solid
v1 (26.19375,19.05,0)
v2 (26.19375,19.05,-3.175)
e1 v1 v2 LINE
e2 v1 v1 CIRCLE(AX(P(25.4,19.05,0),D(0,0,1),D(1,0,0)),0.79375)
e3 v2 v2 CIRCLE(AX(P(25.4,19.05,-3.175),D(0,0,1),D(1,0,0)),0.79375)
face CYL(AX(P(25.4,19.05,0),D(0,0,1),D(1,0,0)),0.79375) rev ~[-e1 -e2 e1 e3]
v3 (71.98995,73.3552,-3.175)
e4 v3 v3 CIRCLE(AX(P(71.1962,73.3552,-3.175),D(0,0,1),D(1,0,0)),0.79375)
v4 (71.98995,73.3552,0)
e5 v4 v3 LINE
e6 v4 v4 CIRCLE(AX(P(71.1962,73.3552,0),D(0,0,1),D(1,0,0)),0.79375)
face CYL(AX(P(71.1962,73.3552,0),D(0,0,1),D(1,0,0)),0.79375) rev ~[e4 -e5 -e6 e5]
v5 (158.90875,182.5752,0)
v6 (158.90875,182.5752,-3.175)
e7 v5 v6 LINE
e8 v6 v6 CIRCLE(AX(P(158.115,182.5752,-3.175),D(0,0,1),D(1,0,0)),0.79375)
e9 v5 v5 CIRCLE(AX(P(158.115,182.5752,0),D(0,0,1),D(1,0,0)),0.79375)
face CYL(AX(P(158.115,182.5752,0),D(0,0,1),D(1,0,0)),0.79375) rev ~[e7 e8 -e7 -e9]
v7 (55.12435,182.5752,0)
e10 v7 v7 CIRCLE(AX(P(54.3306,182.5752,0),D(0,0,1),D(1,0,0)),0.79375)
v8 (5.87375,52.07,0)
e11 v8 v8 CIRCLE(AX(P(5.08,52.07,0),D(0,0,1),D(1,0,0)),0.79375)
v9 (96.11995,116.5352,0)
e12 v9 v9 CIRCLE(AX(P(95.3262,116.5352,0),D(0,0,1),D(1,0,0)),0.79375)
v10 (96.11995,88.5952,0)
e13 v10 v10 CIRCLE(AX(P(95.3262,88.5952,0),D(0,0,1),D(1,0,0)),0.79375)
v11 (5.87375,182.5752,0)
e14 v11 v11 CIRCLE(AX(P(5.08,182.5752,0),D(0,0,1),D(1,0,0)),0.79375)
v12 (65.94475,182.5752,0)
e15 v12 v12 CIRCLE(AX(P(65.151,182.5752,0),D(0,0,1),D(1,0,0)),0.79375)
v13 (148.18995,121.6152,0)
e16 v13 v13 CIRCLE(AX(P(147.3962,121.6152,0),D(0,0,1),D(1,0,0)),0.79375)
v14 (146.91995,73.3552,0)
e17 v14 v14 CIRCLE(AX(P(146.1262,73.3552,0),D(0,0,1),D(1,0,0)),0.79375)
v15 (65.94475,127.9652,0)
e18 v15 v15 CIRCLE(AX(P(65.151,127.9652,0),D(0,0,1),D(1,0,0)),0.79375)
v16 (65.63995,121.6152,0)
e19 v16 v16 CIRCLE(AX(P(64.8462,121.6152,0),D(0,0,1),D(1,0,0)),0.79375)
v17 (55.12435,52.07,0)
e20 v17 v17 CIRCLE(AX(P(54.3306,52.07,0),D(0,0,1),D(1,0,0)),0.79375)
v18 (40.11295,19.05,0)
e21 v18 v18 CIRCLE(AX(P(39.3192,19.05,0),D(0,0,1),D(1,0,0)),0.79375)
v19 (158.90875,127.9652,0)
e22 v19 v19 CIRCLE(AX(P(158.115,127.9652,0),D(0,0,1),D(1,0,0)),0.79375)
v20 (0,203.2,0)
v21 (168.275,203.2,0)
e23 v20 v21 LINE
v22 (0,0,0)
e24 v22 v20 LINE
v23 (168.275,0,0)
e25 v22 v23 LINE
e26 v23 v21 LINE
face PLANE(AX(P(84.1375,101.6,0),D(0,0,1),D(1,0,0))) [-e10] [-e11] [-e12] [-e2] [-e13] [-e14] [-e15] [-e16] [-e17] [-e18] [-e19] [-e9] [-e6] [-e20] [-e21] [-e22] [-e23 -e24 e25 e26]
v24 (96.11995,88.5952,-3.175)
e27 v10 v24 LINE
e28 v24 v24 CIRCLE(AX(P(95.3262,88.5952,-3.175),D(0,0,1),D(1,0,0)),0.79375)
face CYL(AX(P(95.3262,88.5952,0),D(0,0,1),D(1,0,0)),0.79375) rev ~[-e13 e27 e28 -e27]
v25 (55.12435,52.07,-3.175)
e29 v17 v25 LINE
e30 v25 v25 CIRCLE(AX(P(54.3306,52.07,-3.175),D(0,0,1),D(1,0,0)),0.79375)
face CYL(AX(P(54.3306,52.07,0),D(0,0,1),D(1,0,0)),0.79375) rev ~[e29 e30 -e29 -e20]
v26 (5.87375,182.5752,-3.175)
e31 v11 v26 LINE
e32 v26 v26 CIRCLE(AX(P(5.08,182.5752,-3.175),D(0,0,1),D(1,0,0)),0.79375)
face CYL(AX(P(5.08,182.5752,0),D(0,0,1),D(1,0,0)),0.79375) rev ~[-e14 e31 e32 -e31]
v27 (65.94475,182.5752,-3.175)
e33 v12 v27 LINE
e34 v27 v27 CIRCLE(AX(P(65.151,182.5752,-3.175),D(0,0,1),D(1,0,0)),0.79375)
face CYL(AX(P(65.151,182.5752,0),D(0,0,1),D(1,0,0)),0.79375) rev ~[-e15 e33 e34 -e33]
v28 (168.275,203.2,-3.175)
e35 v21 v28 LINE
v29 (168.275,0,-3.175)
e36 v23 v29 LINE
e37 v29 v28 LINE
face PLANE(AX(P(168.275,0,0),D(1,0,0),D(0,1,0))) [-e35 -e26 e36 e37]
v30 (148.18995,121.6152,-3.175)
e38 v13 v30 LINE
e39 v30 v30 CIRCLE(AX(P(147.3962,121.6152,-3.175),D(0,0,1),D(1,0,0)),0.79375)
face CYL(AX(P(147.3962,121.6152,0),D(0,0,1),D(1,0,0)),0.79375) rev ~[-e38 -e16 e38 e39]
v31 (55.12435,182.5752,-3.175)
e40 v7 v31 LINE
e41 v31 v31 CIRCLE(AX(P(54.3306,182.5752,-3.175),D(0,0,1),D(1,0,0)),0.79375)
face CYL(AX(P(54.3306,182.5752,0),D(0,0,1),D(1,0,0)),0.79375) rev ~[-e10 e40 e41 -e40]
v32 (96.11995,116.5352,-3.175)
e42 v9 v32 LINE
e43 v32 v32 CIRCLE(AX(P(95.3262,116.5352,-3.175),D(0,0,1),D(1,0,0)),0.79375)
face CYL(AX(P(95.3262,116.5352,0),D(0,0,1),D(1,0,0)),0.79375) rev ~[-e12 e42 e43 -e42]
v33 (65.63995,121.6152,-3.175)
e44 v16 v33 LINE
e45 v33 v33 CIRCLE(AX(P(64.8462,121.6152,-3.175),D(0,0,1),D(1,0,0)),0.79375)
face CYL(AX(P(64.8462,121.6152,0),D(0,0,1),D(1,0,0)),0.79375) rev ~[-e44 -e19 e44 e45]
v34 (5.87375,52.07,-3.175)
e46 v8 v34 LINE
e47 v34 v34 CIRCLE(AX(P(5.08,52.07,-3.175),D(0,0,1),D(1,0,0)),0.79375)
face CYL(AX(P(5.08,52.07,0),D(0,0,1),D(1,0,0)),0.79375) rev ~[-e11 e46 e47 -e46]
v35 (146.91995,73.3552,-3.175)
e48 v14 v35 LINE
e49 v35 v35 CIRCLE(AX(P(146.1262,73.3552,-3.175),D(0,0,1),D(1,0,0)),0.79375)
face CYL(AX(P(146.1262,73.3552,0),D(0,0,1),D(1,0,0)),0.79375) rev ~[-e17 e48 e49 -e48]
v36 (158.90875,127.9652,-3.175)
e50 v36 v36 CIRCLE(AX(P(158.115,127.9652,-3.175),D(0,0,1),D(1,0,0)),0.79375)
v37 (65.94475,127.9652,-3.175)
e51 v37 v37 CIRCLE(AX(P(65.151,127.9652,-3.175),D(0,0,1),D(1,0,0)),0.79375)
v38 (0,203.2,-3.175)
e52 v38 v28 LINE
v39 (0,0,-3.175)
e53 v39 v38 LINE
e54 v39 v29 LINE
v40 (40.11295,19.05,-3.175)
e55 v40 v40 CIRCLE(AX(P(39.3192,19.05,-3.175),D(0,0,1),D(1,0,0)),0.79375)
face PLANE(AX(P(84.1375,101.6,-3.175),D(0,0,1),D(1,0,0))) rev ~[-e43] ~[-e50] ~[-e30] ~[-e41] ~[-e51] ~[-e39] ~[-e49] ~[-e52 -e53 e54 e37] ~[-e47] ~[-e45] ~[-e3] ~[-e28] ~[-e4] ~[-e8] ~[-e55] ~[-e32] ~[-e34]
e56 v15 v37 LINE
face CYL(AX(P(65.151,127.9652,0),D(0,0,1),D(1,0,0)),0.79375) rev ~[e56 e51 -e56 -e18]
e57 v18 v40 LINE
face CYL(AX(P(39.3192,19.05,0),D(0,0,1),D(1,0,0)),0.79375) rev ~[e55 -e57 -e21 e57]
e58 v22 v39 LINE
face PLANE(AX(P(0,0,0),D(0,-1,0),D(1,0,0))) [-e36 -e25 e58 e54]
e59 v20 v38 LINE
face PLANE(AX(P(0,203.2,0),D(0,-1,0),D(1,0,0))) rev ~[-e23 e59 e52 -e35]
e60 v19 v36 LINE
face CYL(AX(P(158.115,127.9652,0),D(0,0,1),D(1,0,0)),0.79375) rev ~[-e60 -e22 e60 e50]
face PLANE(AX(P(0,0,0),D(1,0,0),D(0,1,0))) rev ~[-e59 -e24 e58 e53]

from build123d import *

# Parameters (mm, degrees)
F0_W     = 168.275
F0_H     = 203.2
F2_DEPTH = 3.175
F1_R     = 0.79375
F3_DEPTH = 25.4
F4_R     = 0.79375
F5_DEPTH = 25.4
F6_R     = 0.79375
F7_DEPTH = 25.4
F8_R     = 0.79375
F9_DEPTH = 25.4


with BuildPart() as f2:
    # F0 (on Top) → F2 (new body)
    with BuildSketch(Plane.XY):
        with Locations((84.1375, 101.6)):
            Rectangle(F0_W, F0_H)
    extrude(amount=-F2_DEPTH)

    # F1 (on Top) → F3 (cut)
    with BuildSketch(Plane.XY):
        with Locations((71.1962, 73.3552)):
            Circle(F1_R)
        with Locations((64.8462, 121.6152)):
            Circle(F1_R)
        with Locations((95.3262, 116.5352)):
            Circle(F1_R)
        with Locations((146.1262, 73.3552)):
            Circle(F1_R)
        with Locations((147.3962, 121.6152)):
            Circle(F1_R)
        with Locations((95.3262, 88.5952)):
            Circle(F1_R)
    extrude(amount=-F3_DEPTH, mode=Mode.SUBTRACT)

    # F4 (on Top) → F5 (cut)
    with BuildSketch(Plane.XY):
        with Locations((65.151, 127.9652)):
            Circle(F4_R)
        with Locations((158.115, 127.9652)):
            Circle(F4_R)
        with Locations((158.115, 182.5752)):
            Circle(F4_R)
        with Locations((65.151, 182.5752)):
            Circle(F4_R)
    extrude(amount=-F5_DEPTH, mode=Mode.SUBTRACT)

    # F6 (on Top) → F7 (cut)
    with BuildSketch(Plane.XY):
        with Locations((5.08, 52.07)):
            Circle(F6_R)
        with Locations((54.3306, 52.07)):
            Circle(F6_R)
        with Locations((54.3306, 182.5752)):
            Circle(F6_R)
        with Locations((5.08, 182.5752)):
            Circle(F6_R)
    extrude(amount=-F7_DEPTH, mode=Mode.SUBTRACT)

    # F8 (on Top) → F9 (cut)
    with BuildSketch(Plane.XY):
        with Locations((25.4, 19.05)):
            Circle(F8_R)
        with Locations((39.3192, 19.05)):
            Circle(F8_R)
    extrude(amount=-F9_DEPTH, mode=Mode.SUBTRACT)


solid = f2.part
